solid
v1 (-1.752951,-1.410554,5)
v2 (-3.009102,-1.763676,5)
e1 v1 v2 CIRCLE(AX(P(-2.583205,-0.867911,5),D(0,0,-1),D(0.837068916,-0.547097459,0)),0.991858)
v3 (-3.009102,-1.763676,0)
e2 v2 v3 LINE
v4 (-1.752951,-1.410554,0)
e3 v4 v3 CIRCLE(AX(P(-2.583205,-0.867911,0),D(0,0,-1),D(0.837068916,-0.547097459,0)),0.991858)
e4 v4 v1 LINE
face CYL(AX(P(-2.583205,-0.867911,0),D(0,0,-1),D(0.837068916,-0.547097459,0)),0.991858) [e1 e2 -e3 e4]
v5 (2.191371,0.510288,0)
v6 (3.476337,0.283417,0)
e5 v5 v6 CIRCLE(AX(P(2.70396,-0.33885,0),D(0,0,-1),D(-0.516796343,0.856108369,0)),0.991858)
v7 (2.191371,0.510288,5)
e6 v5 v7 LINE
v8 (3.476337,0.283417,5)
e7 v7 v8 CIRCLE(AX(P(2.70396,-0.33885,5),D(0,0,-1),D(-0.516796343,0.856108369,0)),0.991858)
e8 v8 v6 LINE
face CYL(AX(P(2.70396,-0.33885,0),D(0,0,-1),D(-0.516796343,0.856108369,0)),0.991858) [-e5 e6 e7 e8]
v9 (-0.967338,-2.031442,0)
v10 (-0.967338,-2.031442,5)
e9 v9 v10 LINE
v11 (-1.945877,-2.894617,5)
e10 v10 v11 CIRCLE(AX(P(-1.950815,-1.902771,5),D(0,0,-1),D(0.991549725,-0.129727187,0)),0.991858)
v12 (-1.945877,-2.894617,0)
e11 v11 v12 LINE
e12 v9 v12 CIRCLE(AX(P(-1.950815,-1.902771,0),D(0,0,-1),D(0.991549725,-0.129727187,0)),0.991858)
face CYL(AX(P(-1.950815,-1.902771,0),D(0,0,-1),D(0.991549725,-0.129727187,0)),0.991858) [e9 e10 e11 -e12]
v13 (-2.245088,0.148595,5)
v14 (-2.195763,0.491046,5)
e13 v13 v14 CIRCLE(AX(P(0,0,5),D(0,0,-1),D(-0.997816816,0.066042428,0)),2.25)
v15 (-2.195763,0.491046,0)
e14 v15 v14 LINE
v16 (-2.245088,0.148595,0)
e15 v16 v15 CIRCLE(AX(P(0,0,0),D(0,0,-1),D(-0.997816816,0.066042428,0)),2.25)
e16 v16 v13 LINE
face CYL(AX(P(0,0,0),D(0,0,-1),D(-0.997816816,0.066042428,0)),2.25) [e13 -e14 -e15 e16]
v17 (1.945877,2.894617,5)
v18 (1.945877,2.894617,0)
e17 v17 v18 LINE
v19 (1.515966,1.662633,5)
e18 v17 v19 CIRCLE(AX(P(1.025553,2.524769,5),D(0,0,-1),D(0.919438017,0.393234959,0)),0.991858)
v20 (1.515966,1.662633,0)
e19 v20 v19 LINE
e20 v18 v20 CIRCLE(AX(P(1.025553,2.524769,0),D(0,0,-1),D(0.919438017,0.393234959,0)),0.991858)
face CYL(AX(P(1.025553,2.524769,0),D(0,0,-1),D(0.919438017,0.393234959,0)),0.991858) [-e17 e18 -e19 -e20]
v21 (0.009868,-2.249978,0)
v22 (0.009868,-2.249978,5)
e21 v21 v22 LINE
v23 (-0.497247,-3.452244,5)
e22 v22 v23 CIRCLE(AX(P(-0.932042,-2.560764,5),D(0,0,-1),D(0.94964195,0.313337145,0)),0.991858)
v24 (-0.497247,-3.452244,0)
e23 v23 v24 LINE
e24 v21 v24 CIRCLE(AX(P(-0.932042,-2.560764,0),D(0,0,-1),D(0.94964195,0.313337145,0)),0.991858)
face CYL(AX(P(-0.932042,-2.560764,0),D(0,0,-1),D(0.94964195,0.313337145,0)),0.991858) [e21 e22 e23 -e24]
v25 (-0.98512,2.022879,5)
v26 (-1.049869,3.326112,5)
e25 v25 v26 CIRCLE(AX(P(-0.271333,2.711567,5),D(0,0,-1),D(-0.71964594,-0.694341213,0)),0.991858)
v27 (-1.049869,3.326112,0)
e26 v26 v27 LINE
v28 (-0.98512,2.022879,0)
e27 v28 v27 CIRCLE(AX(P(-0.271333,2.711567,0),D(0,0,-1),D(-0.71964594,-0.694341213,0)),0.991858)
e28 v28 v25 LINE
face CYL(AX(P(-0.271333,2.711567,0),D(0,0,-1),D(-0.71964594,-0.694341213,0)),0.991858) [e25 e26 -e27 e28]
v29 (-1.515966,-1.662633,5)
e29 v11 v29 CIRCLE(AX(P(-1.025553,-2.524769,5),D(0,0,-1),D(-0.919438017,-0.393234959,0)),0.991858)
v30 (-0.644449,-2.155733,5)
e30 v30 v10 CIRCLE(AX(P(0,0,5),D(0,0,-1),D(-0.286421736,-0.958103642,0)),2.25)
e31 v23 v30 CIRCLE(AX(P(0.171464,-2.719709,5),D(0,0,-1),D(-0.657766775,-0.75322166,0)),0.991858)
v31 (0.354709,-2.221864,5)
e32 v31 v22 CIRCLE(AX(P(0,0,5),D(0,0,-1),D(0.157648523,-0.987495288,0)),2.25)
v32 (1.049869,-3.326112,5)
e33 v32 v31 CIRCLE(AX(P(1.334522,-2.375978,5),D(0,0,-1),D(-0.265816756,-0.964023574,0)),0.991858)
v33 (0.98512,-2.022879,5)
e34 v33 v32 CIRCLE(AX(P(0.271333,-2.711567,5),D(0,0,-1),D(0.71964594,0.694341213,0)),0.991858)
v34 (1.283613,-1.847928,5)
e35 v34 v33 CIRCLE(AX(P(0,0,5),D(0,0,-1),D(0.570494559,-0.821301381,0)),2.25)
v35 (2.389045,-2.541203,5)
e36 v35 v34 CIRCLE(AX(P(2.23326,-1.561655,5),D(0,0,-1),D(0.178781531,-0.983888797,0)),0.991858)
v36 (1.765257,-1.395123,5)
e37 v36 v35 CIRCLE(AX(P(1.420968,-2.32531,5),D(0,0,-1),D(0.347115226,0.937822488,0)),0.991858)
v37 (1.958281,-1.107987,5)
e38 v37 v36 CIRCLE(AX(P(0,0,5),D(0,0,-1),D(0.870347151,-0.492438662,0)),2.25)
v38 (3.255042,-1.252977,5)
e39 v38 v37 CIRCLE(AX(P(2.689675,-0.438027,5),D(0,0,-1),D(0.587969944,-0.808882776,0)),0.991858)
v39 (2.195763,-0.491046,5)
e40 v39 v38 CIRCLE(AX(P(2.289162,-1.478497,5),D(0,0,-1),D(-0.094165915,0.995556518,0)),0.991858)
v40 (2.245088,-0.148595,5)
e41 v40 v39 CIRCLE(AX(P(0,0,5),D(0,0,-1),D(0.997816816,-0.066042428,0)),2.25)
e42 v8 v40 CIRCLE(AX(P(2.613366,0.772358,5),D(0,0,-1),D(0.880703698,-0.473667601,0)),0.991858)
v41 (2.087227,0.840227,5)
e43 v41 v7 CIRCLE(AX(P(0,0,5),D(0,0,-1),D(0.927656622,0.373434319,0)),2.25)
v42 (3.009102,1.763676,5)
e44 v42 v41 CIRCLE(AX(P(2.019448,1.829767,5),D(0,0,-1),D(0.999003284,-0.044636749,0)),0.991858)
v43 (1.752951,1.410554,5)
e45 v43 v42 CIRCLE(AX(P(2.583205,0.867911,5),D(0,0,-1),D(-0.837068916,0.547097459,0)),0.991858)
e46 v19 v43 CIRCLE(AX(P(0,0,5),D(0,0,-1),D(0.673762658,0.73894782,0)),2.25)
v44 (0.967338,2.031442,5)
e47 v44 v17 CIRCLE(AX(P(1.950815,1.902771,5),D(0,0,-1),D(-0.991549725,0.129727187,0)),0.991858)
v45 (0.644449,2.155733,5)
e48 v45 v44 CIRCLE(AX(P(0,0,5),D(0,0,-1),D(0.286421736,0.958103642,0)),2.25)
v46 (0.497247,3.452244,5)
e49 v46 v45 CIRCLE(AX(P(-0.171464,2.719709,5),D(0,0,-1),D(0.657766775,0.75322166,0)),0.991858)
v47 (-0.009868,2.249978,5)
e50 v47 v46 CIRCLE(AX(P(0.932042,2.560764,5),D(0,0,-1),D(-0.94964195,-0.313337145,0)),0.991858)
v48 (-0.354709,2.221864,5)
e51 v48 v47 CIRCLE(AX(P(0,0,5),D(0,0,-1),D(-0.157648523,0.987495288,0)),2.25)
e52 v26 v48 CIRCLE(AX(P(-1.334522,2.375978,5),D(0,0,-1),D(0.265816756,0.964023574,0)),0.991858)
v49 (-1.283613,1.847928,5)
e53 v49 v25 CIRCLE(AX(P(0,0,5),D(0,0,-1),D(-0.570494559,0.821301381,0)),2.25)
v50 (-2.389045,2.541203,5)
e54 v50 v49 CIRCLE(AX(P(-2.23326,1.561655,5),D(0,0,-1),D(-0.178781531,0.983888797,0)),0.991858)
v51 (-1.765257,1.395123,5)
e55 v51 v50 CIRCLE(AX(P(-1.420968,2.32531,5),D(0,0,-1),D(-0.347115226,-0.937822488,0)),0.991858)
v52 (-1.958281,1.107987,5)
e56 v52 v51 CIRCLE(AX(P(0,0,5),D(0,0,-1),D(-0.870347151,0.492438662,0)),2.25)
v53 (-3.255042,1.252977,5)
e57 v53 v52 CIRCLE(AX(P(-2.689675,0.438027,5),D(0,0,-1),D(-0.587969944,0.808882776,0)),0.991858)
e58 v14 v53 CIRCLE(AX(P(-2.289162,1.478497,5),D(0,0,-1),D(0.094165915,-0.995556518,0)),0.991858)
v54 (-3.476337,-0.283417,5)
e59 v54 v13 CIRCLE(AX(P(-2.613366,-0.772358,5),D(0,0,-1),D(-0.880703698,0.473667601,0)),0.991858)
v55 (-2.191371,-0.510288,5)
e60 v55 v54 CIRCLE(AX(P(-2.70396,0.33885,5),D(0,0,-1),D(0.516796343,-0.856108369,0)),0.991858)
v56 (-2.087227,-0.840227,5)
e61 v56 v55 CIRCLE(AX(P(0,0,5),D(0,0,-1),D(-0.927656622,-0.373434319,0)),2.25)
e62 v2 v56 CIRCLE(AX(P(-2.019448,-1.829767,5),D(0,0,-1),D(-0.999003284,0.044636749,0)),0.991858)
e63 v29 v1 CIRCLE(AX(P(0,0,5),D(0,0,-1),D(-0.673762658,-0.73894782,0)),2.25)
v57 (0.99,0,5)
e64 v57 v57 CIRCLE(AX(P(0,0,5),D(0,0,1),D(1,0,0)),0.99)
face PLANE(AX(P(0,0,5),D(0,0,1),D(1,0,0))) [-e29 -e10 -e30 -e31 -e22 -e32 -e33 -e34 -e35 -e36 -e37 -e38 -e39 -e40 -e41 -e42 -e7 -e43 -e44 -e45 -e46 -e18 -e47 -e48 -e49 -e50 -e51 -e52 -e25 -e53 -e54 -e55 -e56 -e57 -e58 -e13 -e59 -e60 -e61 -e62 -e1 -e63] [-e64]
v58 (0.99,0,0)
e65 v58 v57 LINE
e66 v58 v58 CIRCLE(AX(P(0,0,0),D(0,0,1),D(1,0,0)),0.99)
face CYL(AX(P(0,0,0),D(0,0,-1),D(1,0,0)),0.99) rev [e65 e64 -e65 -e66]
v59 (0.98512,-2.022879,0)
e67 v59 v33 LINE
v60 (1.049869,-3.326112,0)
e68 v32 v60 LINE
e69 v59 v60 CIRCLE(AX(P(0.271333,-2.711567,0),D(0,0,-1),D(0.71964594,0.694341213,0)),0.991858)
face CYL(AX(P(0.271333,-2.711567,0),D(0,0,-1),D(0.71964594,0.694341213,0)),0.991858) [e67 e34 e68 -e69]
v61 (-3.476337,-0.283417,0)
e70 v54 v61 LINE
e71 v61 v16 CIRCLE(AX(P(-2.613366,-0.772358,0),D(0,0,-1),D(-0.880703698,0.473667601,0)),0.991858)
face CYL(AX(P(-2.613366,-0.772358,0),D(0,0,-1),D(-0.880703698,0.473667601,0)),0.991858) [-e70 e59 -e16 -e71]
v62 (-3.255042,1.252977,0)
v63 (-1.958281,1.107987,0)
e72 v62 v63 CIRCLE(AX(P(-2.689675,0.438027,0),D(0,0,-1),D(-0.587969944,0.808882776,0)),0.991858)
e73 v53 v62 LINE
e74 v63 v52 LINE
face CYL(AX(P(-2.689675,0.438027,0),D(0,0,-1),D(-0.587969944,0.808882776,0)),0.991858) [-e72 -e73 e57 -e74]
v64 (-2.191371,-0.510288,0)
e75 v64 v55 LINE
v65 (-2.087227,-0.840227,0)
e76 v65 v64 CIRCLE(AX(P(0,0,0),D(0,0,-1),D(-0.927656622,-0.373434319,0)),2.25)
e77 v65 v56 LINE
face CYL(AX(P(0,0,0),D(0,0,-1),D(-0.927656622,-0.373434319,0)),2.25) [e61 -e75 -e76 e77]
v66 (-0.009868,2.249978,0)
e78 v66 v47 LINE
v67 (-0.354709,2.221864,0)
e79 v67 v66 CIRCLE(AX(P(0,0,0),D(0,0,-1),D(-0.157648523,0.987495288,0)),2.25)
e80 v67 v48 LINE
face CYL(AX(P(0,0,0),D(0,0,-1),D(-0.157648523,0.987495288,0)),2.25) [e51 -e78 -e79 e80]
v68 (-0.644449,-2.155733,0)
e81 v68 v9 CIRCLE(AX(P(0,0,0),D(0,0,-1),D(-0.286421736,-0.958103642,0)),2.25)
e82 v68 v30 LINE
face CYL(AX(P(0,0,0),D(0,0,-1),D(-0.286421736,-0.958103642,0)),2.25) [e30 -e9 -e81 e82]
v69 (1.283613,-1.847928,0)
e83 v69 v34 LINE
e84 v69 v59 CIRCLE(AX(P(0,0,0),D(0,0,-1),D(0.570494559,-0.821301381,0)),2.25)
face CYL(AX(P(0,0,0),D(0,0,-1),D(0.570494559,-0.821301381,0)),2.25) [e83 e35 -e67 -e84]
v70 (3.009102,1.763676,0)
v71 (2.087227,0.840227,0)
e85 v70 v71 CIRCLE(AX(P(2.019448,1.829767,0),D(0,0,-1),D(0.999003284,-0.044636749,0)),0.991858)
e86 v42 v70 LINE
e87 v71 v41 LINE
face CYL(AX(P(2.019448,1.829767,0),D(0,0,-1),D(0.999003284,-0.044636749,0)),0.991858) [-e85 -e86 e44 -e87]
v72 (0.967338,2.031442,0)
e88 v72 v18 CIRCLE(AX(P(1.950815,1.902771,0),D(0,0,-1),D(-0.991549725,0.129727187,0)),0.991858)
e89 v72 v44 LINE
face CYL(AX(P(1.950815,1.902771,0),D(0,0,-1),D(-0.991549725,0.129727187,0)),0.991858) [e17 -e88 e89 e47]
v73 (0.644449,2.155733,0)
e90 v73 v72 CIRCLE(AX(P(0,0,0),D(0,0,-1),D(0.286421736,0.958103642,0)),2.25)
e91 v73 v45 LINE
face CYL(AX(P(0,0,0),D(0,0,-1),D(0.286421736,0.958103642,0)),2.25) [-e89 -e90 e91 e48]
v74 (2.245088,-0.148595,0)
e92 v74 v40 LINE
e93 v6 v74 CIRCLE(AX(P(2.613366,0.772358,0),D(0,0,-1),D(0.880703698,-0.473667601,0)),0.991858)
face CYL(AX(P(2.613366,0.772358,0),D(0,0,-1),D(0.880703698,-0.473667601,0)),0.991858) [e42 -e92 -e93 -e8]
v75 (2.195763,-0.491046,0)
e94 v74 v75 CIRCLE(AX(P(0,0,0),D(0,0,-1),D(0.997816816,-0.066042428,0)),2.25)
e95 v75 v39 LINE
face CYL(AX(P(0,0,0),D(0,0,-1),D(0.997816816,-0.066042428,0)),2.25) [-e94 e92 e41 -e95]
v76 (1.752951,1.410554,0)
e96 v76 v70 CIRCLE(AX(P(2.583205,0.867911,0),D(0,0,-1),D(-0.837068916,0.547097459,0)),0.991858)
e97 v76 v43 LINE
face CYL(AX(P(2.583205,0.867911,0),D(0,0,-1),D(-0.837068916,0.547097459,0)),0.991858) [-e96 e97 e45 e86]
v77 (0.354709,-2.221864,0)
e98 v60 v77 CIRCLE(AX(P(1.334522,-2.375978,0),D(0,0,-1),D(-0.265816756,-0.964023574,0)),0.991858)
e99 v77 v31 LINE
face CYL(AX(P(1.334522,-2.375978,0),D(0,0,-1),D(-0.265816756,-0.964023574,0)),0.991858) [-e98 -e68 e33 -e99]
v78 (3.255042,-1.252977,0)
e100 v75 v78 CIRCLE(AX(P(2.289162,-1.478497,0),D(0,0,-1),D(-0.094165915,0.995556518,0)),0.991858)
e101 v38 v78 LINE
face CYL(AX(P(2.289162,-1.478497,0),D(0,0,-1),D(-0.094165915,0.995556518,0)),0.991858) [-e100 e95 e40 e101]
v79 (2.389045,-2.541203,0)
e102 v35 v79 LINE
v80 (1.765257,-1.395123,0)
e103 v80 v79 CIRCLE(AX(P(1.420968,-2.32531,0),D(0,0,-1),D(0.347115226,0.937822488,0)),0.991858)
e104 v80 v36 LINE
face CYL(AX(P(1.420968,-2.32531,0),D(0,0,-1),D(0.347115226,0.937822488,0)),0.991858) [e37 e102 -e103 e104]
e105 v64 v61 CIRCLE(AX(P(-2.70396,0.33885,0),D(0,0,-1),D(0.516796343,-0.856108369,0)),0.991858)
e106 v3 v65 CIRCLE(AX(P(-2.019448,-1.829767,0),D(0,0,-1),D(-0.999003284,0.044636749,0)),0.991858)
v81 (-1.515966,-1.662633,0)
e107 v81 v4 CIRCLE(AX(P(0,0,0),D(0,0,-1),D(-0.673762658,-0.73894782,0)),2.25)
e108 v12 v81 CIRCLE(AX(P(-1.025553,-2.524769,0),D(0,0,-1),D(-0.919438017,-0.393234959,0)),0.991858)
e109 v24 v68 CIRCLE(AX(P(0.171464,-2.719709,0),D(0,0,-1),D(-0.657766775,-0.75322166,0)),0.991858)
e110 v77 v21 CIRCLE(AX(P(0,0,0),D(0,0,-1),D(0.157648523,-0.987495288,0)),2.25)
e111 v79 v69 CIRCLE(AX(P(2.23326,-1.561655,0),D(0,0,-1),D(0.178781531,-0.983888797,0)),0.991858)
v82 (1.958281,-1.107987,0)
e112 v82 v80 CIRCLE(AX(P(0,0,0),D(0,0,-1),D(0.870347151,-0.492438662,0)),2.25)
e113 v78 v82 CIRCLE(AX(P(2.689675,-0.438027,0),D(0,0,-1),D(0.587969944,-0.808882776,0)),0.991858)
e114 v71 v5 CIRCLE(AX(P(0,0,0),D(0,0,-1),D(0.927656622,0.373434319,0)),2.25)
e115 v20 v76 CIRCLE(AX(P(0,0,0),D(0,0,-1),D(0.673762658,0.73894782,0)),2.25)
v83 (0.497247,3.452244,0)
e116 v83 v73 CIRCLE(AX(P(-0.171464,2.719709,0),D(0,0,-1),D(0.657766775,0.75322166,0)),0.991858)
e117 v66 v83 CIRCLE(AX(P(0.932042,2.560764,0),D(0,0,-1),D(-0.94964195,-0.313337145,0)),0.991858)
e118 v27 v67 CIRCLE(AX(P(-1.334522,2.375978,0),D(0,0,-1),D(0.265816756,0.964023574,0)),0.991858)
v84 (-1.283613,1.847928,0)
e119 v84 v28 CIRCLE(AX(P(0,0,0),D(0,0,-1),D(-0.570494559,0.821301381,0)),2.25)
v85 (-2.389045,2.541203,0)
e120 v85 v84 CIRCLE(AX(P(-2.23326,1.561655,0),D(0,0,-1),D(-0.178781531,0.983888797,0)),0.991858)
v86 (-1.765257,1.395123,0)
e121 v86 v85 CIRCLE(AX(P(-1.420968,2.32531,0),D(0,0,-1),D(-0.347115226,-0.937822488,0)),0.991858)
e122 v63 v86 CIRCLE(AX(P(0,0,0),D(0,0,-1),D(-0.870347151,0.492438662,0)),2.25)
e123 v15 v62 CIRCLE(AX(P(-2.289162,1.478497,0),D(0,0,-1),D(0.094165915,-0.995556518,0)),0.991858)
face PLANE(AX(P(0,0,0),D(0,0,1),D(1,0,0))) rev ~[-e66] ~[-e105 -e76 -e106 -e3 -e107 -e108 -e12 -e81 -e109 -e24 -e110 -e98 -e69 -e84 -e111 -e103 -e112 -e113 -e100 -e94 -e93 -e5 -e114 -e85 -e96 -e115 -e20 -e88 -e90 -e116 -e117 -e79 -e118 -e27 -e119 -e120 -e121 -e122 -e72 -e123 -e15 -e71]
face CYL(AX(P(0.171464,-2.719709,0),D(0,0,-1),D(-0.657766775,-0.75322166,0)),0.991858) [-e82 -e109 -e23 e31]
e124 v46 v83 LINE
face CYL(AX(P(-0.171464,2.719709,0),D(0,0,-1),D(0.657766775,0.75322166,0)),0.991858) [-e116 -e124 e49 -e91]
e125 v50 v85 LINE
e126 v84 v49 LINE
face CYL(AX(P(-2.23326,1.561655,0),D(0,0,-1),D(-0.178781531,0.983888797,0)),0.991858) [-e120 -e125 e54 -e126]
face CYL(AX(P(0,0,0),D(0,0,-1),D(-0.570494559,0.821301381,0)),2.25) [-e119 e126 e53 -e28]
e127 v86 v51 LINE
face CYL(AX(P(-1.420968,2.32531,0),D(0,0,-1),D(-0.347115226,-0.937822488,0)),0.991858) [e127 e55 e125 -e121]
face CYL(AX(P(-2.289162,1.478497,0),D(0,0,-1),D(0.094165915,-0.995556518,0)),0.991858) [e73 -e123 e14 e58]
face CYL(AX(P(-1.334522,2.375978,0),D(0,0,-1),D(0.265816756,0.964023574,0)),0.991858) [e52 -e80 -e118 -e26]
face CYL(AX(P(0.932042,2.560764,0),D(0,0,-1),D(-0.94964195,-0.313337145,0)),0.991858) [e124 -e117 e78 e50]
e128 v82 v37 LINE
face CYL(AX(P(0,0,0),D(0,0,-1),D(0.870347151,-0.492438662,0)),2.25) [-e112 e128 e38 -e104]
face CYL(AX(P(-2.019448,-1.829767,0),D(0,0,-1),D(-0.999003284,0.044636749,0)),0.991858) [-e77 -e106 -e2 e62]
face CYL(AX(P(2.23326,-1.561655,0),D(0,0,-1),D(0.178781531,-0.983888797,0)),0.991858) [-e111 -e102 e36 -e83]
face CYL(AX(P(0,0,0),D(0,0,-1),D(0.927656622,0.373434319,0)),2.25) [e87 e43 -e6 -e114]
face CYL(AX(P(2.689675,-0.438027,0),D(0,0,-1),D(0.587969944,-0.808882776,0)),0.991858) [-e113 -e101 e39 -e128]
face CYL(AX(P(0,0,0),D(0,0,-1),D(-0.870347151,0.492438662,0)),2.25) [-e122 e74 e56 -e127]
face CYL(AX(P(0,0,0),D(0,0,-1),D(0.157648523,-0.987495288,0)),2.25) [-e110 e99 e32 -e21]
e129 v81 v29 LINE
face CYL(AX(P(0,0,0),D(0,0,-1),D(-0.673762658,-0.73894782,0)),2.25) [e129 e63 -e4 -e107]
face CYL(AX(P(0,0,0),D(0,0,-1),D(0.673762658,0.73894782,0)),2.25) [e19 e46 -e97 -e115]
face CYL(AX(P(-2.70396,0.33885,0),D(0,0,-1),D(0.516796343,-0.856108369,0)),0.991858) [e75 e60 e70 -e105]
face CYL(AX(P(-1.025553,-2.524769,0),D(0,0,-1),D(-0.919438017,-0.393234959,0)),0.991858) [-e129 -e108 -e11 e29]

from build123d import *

# Parameters (mm, degrees)
CROQUIS1_R              = 3.5
CROQUIS1_R_2            = 0.99
SALIENTE_EXTRUIR1_DEPTH = 5
CORTAR_EXTRUIR1_START   = -5
CORTAR_EXTRUIR1_DEPTH   = 5
MATRIZC1_COUNT          = 14


with BuildPart() as part:
    # Croquis1 → Saliente-Extruir1 (new body)
    with BuildSketch(Plane.XY):
        Circle(CROQUIS1_R)
        Circle(CROQUIS1_R_2, mode=Mode.SUBTRACT)
    extrude(amount=SALIENTE_EXTRUIR1_DEPTH)

    # Croquis2 → Cortar-Extruir1 (cut)
    with BuildSketch(Plane.XY.offset(5).offset(CORTAR_EXTRUIR1_START)):
        with BuildLine():
            ThreePointArc((0.516991774, 3.461606492), (-0.284402129, 3.488425924), (-1.070868948, 3.332152412))
            ThreePointArc((-1.070868948, 3.332152412), (-0.501013204, 2.913608412), (-0.354709173, 2.221864398))
            ThreePointArc((-0.354709173, 2.221864398), (-0.18282994, 2.242559523), (-0.009868326, 2.249978359))
            ThreePointArc((-0.009868326, 2.249978359), (0.022456296, 2.956285494), (0.516991774, 3.461606492))
        make_face()
    cortar_extruir1 = extrude(amount=CORTAR_EXTRUIR1_DEPTH, mode=Mode.SUBTRACT)

    # MatrizC1: Cortar-Extruir1 ×14 about axis
    matrizc1_axis = Axis((0, 0, 0), (0, 0, 1))
    for i in range(1, MATRIZC1_COUNT):
        add(cortar_extruir1.rotate(matrizc1_axis, i * 360 / MATRIZC1_COUNT), mode=Mode.SUBTRACT)


solid = part.part
